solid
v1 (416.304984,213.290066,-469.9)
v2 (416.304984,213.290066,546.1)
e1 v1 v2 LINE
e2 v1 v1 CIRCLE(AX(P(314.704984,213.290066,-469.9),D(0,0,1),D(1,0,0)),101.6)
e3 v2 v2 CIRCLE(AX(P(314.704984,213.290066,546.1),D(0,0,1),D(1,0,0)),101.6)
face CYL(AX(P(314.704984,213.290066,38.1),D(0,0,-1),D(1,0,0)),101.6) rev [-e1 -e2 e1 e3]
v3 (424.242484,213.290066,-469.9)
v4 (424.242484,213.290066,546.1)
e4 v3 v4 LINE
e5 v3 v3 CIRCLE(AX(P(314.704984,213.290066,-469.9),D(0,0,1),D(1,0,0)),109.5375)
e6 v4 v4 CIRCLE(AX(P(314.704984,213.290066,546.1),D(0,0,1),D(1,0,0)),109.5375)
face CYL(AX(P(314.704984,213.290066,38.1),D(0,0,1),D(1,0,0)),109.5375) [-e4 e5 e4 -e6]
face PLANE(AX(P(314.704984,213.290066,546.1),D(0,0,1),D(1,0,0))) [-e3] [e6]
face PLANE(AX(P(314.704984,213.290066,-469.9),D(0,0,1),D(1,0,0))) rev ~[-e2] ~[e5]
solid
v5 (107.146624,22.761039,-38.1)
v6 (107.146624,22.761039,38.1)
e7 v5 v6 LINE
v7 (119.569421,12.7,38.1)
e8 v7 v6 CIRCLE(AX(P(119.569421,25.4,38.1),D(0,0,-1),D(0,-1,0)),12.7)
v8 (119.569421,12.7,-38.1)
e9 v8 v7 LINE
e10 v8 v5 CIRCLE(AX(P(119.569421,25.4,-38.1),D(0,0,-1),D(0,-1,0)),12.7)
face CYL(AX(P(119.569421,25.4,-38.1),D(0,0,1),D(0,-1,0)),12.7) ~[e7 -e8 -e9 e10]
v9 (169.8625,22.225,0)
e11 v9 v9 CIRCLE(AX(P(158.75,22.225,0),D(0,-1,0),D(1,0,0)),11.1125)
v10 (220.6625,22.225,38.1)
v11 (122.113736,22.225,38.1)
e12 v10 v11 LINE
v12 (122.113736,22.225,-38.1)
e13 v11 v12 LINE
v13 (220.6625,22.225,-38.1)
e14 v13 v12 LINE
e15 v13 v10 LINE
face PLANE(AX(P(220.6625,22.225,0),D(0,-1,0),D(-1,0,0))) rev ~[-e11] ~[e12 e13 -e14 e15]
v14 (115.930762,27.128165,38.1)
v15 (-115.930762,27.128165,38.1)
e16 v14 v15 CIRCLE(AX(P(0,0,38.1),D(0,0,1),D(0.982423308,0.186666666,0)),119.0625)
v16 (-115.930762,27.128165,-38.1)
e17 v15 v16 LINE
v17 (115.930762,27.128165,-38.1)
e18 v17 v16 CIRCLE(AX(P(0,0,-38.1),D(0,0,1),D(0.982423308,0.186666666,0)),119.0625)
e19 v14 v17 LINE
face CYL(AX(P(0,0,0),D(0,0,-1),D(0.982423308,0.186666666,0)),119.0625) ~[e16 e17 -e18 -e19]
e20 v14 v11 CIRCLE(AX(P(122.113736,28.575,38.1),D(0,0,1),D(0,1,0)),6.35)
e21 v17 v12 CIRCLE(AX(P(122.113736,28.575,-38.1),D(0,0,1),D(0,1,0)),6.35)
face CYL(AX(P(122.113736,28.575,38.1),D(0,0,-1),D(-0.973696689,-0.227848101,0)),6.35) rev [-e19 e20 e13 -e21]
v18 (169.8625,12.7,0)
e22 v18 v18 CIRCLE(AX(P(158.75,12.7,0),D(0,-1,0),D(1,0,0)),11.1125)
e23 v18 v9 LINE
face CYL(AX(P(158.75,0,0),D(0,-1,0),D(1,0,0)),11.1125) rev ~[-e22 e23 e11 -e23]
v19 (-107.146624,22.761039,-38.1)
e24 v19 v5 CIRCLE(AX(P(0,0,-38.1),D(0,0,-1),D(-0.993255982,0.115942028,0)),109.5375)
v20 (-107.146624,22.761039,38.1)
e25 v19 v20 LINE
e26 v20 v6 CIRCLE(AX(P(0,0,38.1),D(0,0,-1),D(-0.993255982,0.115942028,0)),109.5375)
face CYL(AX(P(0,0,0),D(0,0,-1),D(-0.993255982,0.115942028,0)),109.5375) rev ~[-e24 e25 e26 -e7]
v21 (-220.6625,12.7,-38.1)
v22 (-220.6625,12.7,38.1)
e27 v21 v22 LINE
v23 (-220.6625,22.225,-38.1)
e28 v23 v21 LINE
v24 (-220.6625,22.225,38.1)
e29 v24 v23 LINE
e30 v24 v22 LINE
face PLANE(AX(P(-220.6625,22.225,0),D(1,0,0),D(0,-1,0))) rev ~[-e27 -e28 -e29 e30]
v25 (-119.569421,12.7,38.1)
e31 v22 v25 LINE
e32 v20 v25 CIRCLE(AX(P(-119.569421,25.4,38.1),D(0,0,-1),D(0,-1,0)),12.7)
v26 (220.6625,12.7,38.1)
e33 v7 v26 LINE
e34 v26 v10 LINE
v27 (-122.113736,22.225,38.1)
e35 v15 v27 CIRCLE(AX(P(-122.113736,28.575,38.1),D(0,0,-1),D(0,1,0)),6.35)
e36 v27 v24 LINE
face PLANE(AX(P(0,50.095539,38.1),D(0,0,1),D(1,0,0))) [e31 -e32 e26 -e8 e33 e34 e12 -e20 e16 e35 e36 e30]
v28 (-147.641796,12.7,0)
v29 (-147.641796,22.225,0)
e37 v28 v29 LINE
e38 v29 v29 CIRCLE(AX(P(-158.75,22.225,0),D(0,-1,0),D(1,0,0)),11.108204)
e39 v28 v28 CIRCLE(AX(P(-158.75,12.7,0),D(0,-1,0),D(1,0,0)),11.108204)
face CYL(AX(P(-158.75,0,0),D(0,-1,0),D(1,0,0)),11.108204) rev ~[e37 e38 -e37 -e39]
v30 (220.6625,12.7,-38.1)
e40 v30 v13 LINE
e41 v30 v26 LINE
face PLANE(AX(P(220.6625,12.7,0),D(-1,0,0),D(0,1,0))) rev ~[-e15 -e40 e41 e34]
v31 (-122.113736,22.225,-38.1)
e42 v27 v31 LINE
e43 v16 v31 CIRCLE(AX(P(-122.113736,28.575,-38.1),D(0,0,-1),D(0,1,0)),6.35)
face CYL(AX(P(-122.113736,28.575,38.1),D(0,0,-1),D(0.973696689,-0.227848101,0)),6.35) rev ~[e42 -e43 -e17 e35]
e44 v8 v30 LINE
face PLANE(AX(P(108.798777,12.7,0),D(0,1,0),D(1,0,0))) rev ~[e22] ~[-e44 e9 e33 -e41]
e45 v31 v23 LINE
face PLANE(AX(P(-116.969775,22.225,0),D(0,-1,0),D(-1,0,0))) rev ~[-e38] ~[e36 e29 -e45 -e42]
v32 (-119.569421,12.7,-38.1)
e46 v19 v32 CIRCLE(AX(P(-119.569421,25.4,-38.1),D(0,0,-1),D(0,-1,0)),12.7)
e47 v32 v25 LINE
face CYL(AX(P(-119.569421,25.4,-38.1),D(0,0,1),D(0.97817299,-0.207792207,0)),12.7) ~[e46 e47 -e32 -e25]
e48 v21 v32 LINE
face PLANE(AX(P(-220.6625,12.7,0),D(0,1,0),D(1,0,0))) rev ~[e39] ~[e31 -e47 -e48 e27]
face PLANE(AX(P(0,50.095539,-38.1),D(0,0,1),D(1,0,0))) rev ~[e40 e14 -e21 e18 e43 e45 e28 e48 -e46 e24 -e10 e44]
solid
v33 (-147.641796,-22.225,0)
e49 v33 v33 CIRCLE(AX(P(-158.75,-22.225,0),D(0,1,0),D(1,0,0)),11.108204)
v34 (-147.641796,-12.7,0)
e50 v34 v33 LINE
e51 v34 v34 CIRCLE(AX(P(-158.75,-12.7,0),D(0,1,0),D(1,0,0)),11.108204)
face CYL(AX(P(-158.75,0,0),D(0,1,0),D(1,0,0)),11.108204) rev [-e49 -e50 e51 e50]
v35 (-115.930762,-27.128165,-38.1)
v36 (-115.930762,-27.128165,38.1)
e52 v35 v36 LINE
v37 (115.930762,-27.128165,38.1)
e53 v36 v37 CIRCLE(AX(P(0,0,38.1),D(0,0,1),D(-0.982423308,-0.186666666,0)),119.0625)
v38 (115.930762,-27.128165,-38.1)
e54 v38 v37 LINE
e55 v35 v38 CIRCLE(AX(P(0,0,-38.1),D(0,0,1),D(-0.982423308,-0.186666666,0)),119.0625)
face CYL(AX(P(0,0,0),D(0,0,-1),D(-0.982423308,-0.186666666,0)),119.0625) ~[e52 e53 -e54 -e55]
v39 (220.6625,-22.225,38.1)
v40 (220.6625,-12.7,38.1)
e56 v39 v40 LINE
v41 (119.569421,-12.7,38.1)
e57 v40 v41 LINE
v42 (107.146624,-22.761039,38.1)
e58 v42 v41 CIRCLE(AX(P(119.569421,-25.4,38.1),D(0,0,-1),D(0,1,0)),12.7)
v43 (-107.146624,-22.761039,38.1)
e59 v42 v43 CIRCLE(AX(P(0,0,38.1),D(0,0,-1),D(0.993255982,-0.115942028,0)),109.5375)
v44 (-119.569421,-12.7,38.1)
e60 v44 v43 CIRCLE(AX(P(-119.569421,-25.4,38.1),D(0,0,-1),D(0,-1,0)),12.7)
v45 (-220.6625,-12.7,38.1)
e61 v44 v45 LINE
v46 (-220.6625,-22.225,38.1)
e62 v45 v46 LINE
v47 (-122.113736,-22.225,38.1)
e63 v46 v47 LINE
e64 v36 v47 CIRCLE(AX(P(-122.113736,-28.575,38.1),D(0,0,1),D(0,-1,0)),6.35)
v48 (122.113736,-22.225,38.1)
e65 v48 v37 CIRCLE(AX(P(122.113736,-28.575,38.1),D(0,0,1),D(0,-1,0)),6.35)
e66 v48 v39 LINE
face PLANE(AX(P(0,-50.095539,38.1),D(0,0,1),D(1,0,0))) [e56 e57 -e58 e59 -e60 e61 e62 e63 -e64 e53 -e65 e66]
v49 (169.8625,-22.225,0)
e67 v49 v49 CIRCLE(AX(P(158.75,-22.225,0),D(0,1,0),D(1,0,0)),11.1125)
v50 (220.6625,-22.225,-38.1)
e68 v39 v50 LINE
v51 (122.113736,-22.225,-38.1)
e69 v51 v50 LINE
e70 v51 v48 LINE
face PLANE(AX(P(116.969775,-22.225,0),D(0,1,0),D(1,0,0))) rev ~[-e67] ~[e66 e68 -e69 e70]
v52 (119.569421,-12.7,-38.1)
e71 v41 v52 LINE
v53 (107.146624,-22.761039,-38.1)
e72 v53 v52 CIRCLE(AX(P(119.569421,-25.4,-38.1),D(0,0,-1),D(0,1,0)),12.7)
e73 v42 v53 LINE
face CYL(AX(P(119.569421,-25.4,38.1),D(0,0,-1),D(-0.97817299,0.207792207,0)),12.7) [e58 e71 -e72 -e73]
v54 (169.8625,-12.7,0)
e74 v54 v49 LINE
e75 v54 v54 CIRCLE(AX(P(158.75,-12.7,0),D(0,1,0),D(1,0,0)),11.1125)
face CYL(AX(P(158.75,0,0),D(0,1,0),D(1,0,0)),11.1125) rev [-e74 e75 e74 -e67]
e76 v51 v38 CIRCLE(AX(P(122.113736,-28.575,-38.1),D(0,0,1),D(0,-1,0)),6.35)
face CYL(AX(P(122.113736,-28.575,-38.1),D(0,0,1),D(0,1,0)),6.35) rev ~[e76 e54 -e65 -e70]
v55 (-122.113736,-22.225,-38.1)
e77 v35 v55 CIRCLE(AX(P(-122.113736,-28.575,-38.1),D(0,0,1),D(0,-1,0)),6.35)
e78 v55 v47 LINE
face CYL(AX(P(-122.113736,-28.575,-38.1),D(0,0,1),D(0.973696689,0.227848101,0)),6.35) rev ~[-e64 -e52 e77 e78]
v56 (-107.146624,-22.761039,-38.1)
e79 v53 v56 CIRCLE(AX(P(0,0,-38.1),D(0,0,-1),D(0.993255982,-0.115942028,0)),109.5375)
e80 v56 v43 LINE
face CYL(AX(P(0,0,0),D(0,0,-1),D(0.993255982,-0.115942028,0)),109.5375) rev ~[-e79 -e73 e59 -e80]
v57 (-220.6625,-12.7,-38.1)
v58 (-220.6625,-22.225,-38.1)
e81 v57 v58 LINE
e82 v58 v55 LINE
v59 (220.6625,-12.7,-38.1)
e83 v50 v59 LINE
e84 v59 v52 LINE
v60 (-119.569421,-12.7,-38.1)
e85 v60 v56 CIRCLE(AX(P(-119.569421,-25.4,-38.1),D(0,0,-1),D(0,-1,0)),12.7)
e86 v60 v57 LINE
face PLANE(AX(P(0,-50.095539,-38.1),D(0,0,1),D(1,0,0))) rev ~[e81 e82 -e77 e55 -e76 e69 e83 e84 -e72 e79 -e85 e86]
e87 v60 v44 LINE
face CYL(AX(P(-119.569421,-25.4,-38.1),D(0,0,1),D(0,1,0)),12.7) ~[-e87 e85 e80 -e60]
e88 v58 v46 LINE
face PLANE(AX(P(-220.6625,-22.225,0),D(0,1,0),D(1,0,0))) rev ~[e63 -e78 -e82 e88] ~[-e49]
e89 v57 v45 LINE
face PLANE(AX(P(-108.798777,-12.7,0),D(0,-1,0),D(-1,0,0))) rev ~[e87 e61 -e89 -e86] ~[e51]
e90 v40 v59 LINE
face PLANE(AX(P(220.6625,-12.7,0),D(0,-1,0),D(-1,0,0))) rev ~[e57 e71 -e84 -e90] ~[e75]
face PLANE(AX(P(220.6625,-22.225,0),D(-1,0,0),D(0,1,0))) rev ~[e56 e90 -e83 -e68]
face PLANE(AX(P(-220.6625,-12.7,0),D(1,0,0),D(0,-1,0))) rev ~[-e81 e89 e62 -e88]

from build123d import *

# Parameters (mm, degrees)
F0_R        = 109.5375
F0_R_2      = 101.6
F1_DEPTH    = 38.1
F2_R        = 6.35
F3_R        = 12.7
F4_R        = 11.108204
F4_R_2      = 11.1125
F5_DEPTH    = 119.0635
F6_DEPTH    = 322.828566
F1_FACE_R   = 109.5375
F1_FACE_R_2 = 101.6
F7_DEPTH    = 508


with BuildPart() as f1:
    # F0 (on Top) → F1 (new body, symmetric)
    with BuildSketch(Plane.XY):
        with BuildLine():
            ThreePointArc((108.798777, -12.7), (0, -109.5375), (-108.798777, -12.7))
            Line((-108.798777, -12.7), (-220.6625, -12.7))
            Line((-220.6625, -12.7), (-220.6625, -22.225))
            Line((-220.6625, -22.225), (-116.969775, -22.225))
            ThreePointArc((-116.969775, -22.225), (0, -119.0625), (116.969775, -22.225))
            Line((116.969775, -22.225), (220.6625, -22.225))
            Line((220.6625, -22.225), (220.6625, -12.7))
            Line((220.6625, -12.7), (108.798777, -12.7))
        make_face()
        with BuildLine():
            Line((-220.6625, 22.225), (-220.6625, 12.7))
            Line((-220.6625, 12.7), (-108.798777, 12.7))
            ThreePointArc((-108.798777, 12.7), (0, 109.5375), (108.798777, 12.7))
            Line((108.798777, 12.7), (220.6625, 12.7))
            Line((220.6625, 12.7), (220.6625, 22.225))
            Line((220.6625, 22.225), (116.969775, 22.225))
            ThreePointArc((116.969775, 22.225), (0, 119.0625), (-116.969775, 22.225))
            Line((-116.969775, 22.225), (-220.6625, 22.225))
        make_face()
        with Locations((314.704984, 213.290066)):
            Circle(F0_R)
        with Locations((314.704984, 213.290066)):
            Circle(F0_R_2, mode=Mode.SUBTRACT)
    extrude(amount=F1_DEPTH, both=True)

    # F2
    f2_edges = [f1.edges().sort_by_distance(p)[0] for p in [
        (-116.969775, 22.225, 0),
        (116.969775, 22.225, 0),
        (116.969775, -22.225, 0),
        (-116.969775, -22.225, 0),
    ]]
    fillet(f2_edges, radius=F2_R)

    # F3
    f3_edges = [f1.edges().sort_by_distance(p)[0] for p in [
        (-108.798777, 12.7, 0),
        (108.798777, 12.7, 0),
        (108.798777, -12.7, 0),
        (-108.798777, -12.7, 0),
    ]]
    fillet(f3_edges, radius=F3_R)

    # F4 (on Front) → F5 (cut, through all)
    with BuildSketch(Plane.XZ):
        with Locations((-158.75, 0)):
            Circle(F4_R)
        with Locations((158.75, 0)):
            Circle(F4_R_2)
    extrude(amount=F5_DEPTH, mode=Mode.SUBTRACT)

    # F4 (on Front) → F6 (cut, through all)
    with BuildSketch(Plane.XZ):
        with Locations((-158.75, 0)):
            Circle(F4_R)
        with Locations((158.75, 0)):
            Circle(F4_R_2)
    extrude(amount=-F6_DEPTH, mode=Mode.SUBTRACT)

    # F1_face (on face) → F7 (join, symmetric)
    with BuildSketch(Plane(origin=(314.704984, 213.290066, 38.1), x_dir=(1, 0, 0), z_dir=(0, 0, 1))):
        Circle(F1_FACE_R)
        Circle(F1_FACE_R_2, mode=Mode.SUBTRACT)
    extrude(amount=F7_DEPTH, both=True)


solid = f1.part
